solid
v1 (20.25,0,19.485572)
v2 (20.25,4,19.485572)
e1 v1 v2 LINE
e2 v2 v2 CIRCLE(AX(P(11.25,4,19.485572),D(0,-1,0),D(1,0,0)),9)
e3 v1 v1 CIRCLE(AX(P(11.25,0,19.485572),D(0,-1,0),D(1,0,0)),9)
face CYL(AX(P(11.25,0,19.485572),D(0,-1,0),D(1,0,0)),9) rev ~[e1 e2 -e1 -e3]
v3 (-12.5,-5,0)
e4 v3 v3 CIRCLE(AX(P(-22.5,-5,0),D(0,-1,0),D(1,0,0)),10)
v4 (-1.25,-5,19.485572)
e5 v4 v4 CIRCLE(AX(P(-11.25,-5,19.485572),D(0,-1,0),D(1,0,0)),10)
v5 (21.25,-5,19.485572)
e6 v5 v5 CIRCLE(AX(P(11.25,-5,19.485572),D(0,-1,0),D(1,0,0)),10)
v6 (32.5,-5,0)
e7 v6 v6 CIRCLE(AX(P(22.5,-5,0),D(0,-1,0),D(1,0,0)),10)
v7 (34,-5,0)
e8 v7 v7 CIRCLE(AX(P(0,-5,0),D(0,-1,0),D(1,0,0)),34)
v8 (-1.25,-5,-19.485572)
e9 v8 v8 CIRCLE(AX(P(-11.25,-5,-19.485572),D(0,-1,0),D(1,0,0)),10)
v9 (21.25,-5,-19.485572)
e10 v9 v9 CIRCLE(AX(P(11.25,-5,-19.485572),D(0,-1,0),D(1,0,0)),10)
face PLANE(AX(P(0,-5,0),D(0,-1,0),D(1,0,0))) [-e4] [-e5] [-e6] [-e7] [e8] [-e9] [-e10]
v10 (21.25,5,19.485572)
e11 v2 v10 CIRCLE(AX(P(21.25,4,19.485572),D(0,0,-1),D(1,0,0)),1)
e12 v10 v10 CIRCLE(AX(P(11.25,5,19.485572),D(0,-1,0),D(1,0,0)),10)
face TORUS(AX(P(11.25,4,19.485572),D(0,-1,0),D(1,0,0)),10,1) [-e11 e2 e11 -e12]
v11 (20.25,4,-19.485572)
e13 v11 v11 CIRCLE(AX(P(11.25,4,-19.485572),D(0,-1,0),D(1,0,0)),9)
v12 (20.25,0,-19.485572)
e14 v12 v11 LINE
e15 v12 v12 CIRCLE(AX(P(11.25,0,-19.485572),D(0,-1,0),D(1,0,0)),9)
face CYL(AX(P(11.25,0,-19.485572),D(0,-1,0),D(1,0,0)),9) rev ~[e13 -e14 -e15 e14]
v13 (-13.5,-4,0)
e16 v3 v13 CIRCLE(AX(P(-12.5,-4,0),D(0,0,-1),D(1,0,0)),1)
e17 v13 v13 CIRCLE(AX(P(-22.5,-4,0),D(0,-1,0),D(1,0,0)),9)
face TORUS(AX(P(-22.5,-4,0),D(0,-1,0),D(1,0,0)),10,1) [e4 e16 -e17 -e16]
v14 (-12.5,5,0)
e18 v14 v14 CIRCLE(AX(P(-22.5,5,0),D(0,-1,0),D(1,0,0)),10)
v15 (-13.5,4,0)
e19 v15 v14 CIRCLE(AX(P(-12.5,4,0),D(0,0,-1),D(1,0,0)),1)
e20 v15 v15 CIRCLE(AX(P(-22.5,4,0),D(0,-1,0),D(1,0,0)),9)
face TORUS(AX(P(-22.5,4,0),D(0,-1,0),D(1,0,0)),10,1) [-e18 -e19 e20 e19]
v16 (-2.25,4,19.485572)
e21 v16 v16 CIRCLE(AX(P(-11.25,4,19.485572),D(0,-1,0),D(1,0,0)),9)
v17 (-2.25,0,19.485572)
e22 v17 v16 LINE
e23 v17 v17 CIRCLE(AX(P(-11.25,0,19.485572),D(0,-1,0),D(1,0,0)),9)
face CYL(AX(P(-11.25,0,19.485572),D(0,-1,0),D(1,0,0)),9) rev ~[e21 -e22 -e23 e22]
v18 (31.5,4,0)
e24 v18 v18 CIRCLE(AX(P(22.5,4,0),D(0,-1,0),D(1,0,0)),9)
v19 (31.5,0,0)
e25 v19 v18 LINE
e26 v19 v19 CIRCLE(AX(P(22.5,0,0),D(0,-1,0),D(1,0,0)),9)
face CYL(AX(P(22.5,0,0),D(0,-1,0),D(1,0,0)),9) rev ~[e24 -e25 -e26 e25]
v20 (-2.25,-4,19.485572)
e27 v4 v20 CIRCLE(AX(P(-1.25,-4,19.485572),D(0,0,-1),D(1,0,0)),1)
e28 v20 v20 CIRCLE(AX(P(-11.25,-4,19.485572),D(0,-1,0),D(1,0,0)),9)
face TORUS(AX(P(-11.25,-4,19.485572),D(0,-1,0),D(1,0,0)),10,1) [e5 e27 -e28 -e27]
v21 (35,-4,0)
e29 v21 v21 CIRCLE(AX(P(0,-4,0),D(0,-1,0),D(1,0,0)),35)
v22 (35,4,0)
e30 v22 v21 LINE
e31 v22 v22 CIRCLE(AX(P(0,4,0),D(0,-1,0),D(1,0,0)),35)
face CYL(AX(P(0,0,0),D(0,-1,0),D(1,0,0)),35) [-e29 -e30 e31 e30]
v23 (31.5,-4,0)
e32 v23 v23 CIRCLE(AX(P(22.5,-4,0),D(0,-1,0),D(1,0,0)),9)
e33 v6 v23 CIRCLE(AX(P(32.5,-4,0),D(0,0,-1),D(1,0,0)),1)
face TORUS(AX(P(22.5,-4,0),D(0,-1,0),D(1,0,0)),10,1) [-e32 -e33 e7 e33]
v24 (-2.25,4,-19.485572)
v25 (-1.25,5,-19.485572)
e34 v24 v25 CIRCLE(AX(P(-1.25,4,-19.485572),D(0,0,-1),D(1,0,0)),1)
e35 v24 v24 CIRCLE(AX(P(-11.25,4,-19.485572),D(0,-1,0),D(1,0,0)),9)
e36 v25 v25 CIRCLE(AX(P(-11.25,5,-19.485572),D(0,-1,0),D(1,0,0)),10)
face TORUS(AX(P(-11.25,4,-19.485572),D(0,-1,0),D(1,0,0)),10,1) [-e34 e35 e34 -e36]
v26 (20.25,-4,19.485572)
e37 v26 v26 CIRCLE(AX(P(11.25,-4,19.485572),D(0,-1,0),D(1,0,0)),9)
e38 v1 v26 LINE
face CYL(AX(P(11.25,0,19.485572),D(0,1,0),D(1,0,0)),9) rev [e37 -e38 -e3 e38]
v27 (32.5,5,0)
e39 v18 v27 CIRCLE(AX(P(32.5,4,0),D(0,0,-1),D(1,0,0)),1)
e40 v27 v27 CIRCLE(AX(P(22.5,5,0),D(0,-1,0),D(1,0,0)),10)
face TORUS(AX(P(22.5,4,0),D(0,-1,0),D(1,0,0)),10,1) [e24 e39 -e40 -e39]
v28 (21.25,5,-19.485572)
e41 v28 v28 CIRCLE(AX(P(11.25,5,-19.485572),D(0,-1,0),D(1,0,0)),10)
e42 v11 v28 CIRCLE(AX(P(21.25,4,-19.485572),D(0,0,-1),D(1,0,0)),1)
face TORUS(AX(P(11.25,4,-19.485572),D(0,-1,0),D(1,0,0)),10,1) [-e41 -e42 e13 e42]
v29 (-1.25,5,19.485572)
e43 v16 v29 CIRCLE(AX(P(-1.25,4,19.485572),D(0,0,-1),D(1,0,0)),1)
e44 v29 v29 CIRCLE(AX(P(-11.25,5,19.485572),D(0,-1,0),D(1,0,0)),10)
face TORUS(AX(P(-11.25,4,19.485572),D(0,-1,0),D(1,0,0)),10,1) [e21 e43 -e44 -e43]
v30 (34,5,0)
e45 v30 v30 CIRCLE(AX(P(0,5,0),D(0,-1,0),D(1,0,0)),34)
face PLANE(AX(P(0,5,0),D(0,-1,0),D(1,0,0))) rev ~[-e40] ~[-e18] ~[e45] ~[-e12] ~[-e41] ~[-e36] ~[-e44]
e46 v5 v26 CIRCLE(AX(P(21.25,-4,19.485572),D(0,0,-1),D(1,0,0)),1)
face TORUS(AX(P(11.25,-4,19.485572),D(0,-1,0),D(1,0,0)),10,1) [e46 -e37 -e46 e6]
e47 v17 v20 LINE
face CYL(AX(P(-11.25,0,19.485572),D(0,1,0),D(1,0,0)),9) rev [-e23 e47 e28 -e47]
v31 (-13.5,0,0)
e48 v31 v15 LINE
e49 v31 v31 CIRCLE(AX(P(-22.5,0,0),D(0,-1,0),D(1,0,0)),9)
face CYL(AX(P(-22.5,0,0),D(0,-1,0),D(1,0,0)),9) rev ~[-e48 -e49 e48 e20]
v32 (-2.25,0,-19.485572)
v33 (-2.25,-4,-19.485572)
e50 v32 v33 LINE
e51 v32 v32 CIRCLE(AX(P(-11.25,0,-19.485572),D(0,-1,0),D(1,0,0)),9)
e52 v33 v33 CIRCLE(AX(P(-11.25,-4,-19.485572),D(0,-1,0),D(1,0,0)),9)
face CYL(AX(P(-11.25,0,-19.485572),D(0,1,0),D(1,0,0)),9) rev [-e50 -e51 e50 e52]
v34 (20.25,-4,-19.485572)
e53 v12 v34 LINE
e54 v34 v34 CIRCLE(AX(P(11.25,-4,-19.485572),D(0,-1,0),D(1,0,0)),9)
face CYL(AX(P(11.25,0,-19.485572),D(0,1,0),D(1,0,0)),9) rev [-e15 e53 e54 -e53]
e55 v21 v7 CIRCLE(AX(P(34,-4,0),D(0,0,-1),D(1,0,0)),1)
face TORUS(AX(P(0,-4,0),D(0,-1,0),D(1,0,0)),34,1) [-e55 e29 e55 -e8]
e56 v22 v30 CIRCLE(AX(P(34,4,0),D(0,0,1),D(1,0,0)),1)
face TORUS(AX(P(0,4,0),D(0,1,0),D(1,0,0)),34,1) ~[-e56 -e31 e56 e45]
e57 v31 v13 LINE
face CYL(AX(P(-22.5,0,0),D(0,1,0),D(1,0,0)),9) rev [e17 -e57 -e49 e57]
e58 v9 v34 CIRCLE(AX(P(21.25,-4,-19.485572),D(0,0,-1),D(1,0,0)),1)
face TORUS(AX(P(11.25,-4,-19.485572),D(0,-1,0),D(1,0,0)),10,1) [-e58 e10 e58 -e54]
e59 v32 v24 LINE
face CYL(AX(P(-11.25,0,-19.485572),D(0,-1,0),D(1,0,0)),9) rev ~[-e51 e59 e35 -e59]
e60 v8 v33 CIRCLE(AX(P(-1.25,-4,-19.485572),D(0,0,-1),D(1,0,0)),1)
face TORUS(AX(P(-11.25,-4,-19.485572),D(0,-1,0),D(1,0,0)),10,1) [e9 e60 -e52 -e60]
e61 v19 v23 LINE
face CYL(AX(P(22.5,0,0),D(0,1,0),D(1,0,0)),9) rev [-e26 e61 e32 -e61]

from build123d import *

# Parameters (mm, degrees)
F0_R          = 35
F0_R_2        = 9
F1_DEPTH      = 5
F1_DEPTH_BACK = 5
F2_R          = 1


with BuildPart() as f1:
    # F0 (on Front) → F1 (new body, two sides)
    with BuildSketch(Plane.XZ) as f1_sk:
        Circle(F0_R)
        with Locations((-11.25, -19.485572)):
            Circle(F0_R_2, mode=Mode.SUBTRACT)
        with Locations((11.25, -19.485572)):
            Circle(F0_R_2, mode=Mode.SUBTRACT)
        with Locations((-22.5, 0)):
            Circle(F0_R_2, mode=Mode.SUBTRACT)
        with Locations((-11.25, 19.485572)):
            Circle(F0_R_2, mode=Mode.SUBTRACT)
        with Locations((22.5, 0)):
            Circle(F0_R_2, mode=Mode.SUBTRACT)
        with Locations((11.25, 19.485572)):
            Circle(F0_R_2, mode=Mode.SUBTRACT)
    extrude(amount=F1_DEPTH)
    extrude(f1_sk.sketch, amount=-F1_DEPTH_BACK)

    # F2
    f2_edges = [f1.edges().sort_by_distance(p)[0] for p in [
        (-35, -5, 0),
        (-20.25, -5, 19.485572),
        (2.25, -5, 19.485572),
        (13.5, -5, 0),
        (2.25, -5, -19.485572),
        (-20.25, -5, -19.485572),
        (-31.5, -5, 0),
        (-35, 5, 0),
        (2.25, 5, -19.485572),
        (-20.25, 5, -19.485572),
        (-31.5, 5, 0),
        (-20.25, 5, 19.485572),
        (2.25, 5, 19.485572),
        (13.5, 5, 0),
    ]]
    fillet(f2_edges, radius=F2_R)


solid = f1.part
